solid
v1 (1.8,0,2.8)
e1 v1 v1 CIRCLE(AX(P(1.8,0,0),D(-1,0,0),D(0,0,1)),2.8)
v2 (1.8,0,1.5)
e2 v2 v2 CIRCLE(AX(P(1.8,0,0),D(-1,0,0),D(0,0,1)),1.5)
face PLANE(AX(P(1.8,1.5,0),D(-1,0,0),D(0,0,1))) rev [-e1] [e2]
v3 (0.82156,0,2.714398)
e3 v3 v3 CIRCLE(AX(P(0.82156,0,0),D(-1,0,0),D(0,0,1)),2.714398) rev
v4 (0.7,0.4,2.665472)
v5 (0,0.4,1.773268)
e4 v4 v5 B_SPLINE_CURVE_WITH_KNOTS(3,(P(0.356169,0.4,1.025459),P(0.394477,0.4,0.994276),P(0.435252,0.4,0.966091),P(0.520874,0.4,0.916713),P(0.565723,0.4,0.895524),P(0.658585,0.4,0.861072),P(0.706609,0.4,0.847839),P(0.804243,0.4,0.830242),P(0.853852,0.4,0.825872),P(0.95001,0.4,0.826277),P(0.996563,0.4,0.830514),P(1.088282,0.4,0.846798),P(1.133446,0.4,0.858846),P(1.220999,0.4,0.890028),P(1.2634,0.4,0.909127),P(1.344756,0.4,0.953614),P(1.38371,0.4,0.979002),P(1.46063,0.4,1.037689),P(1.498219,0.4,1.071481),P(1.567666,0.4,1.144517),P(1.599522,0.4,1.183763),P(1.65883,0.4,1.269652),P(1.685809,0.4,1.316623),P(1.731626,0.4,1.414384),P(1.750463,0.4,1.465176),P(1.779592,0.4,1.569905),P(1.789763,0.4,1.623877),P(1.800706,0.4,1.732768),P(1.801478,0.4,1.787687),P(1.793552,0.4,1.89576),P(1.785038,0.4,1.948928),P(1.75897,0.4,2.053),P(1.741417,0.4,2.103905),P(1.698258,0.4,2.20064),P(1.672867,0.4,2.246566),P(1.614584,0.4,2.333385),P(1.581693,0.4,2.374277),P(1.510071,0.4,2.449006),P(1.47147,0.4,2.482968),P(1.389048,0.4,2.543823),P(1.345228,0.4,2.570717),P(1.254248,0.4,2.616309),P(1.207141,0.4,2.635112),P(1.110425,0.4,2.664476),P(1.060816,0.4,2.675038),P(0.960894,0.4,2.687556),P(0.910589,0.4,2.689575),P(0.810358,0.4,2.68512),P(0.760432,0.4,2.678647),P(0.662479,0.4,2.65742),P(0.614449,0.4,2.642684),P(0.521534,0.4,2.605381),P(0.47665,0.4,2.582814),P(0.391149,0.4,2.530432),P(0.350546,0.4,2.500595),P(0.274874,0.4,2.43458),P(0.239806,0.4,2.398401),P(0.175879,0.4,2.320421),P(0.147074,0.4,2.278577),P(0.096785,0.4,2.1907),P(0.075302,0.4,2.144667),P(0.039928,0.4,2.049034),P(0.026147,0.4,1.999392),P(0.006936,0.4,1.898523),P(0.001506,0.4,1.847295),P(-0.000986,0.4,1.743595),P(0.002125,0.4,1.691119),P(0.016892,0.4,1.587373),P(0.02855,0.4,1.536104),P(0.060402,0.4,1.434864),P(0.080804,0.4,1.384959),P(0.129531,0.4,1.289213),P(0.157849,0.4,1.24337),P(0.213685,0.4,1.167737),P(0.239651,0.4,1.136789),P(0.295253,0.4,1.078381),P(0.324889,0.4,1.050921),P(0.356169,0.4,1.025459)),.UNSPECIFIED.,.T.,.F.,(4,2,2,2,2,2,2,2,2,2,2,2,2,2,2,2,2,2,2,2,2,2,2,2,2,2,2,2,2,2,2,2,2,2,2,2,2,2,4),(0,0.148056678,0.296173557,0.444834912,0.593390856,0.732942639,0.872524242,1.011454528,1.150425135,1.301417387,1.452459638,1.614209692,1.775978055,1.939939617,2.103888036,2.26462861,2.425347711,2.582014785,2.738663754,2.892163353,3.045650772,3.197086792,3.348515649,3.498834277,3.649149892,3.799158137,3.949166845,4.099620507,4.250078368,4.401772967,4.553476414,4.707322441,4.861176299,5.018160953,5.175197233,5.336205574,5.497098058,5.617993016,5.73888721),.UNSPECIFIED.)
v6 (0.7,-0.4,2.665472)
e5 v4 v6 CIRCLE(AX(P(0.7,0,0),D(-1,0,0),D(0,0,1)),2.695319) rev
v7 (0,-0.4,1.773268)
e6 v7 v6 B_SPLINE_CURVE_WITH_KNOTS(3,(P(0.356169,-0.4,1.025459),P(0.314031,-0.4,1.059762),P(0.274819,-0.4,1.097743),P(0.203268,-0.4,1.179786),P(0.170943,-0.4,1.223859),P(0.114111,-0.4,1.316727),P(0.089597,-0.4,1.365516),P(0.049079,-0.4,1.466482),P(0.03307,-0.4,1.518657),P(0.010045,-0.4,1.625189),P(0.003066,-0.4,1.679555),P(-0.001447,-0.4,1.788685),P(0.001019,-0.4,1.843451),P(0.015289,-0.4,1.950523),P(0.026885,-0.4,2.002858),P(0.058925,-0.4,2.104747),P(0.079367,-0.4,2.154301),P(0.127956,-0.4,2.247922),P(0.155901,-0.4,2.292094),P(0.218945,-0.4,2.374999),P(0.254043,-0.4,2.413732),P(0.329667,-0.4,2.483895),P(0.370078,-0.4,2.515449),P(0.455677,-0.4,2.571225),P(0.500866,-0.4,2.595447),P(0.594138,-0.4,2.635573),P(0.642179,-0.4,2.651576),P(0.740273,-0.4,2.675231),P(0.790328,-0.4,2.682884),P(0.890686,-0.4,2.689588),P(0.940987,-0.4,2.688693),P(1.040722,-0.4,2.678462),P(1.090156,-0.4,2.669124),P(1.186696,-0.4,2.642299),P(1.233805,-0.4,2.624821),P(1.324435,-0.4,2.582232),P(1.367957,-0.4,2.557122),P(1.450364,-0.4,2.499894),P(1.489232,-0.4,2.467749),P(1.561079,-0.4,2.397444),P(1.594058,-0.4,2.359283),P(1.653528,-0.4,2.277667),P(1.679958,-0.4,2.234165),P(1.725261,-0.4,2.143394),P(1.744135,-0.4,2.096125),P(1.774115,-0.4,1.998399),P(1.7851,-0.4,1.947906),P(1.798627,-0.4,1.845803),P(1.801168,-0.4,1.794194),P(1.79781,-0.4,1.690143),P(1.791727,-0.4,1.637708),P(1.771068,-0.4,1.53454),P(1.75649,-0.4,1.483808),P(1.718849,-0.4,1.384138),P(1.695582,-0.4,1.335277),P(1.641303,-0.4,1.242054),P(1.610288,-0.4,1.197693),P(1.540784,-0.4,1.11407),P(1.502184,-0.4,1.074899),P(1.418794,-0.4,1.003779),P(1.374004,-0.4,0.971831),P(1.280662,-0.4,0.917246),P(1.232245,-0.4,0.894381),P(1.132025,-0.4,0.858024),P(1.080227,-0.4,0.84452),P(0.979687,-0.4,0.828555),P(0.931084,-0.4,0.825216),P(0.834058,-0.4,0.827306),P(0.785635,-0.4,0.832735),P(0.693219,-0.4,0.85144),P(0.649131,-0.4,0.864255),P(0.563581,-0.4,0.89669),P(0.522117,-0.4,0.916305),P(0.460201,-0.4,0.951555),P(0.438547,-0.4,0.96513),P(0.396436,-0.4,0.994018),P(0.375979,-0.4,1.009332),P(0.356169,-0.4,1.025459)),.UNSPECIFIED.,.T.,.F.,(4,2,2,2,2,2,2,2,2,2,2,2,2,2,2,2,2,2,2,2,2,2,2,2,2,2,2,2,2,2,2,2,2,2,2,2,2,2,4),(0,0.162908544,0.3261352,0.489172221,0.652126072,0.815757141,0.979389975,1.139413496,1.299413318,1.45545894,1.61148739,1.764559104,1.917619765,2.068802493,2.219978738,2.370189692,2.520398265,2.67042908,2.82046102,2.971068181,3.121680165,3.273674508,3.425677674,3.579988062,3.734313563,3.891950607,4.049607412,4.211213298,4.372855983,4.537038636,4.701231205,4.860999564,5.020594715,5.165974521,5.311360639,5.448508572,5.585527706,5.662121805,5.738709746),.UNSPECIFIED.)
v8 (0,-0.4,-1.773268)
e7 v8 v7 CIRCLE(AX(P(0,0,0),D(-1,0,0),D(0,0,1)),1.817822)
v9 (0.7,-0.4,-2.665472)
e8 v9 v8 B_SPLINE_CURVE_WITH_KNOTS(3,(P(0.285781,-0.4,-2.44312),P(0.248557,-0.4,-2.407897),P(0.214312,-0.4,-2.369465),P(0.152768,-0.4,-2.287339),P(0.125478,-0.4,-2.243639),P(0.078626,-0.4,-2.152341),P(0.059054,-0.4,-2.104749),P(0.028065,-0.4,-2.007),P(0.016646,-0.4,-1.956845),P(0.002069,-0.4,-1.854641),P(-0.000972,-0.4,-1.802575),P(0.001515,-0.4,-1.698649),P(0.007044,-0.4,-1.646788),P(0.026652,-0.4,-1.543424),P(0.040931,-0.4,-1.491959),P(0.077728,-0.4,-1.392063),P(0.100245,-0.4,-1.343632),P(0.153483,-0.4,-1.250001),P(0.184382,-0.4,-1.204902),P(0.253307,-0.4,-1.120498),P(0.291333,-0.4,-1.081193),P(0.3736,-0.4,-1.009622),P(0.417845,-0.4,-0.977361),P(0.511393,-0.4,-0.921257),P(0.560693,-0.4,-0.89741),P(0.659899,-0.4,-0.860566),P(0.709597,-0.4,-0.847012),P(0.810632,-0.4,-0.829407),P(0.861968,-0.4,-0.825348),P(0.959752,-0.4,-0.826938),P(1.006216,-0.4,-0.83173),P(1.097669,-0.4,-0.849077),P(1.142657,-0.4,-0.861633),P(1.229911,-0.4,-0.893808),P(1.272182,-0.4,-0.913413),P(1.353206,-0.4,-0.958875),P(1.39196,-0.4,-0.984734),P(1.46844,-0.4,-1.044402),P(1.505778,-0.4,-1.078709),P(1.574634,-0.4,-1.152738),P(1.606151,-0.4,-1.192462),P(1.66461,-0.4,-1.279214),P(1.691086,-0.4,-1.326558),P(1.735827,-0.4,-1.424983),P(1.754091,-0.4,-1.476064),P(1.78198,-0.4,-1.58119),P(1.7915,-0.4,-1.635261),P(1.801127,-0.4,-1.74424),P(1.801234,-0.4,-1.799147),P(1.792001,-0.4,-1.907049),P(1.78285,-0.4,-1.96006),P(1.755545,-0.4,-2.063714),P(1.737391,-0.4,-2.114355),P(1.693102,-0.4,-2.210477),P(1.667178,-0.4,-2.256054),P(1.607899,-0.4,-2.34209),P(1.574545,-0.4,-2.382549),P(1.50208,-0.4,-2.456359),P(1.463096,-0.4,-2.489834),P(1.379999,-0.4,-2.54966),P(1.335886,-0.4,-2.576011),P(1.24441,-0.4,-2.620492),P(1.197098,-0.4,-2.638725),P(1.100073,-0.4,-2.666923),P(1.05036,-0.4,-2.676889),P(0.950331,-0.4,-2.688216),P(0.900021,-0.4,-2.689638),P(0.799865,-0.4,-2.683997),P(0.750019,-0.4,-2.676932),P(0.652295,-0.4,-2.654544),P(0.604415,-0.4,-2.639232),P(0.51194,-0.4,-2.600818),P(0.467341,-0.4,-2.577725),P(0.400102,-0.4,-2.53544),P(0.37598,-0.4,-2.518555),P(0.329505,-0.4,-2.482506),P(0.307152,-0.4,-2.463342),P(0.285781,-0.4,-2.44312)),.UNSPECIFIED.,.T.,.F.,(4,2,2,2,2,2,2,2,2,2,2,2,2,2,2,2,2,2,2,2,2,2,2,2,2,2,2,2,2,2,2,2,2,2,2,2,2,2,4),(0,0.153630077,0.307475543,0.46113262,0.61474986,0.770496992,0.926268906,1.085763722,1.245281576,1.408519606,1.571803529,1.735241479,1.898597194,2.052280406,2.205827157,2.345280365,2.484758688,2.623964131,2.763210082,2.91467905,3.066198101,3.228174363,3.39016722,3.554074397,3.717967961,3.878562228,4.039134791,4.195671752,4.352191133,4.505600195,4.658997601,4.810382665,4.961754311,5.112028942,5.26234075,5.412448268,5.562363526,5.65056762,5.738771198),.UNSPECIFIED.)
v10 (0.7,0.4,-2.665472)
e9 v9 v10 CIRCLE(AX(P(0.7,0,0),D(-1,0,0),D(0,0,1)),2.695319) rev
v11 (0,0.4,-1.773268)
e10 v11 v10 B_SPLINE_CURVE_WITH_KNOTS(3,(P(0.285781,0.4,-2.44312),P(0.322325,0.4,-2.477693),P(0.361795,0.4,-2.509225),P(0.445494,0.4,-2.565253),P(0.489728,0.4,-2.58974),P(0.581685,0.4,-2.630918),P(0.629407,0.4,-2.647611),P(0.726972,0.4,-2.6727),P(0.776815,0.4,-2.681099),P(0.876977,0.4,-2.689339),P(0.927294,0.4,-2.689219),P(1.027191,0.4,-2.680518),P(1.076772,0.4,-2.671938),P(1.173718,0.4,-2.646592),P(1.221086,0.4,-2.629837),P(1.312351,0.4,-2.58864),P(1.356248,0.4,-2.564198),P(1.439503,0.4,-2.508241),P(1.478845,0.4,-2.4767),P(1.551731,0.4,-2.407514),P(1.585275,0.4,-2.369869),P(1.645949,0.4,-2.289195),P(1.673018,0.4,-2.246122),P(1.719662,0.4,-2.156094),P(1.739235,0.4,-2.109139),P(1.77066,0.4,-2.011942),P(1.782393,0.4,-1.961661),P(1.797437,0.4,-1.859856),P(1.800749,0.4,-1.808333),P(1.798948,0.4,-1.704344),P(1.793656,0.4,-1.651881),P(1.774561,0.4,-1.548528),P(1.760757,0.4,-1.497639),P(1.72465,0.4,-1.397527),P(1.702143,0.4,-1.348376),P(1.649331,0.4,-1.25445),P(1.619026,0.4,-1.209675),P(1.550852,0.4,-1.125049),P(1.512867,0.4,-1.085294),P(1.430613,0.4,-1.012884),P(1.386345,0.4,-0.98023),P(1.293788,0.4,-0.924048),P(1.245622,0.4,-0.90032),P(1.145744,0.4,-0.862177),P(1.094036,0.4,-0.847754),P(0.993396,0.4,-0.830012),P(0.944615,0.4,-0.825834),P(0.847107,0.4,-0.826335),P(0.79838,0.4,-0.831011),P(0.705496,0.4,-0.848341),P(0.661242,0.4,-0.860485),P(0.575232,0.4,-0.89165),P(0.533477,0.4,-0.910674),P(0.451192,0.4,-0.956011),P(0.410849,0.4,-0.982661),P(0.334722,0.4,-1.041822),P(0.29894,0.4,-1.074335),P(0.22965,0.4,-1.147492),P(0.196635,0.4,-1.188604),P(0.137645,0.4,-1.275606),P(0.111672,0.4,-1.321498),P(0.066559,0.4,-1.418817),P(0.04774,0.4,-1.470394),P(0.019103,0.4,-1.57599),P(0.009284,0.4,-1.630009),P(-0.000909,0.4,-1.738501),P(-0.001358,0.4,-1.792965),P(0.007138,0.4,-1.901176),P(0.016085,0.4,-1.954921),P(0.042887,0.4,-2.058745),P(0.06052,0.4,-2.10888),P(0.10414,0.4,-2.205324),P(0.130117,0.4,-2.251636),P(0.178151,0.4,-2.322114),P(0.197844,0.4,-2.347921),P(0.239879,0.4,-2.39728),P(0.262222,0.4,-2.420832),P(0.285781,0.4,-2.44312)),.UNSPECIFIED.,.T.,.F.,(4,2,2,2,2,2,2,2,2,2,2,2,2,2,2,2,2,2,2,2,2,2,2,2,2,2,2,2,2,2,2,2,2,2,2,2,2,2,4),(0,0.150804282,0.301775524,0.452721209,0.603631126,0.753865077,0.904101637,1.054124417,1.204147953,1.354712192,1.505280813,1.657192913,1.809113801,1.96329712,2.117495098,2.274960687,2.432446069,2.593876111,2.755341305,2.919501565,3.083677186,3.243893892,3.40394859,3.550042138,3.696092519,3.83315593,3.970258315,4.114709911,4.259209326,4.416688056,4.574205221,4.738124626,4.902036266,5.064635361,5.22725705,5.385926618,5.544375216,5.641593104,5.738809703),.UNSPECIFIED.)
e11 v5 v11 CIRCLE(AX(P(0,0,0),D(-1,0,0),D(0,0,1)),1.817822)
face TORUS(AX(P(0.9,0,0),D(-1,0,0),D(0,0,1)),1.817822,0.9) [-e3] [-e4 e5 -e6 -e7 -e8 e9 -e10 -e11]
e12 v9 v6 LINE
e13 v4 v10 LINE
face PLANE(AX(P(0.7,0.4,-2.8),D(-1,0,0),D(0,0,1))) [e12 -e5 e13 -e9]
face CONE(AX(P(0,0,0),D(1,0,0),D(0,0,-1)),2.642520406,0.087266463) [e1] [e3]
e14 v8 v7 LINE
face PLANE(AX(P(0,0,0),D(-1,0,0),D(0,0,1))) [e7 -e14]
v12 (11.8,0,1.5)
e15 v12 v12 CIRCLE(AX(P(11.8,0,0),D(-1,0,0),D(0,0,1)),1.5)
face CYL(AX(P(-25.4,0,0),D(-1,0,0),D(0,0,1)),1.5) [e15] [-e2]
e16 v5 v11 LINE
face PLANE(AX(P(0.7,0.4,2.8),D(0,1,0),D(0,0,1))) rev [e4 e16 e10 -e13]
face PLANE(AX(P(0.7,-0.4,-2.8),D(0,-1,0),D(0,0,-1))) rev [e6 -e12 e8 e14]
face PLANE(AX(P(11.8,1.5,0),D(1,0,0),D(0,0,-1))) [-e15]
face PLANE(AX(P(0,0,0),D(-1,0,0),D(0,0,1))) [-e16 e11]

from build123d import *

# Parameters (mm, degrees)
FILLET2_R  = 0.9
SKETCH2_W  = 5.6
SKETCH2_H  = 0.8
SLOT_DEPTH = 0.7


with BuildPart() as part:
    # BodySke → Base-Revolve (revolve)
    with BuildSketch(Plane.XY, mode=Mode.PRIVATE) as base_revolve_sk:
        Polygon((1.8, 1.5), (1.8, 2.8), (0, 2.642520406), (0, 0), (11.8, 0), (11.8, 1.5), align=None)
    revolve(base_revolve_sk.sketch.rotate(Axis((-25.4, 0, 0), (1, 0, 0)), 90), axis=Axis((-25.4, 0, 0), (1, 0, 0)))  # turned: the seam where the file's is

    # Fillet2
    fillet2_edges = [part.edges().sort_by_distance(p)[0] for p in [
        (0, 0, -2.642520406),
    ]]
    fillet(fillet2_edges, radius=FILLET2_R)

    # Sketch2 → Slot (cut)
    with BuildSketch(Plane(origin=(0, 0, 0), x_dir=(0, 0, -1), z_dir=(1, 0, 0))):
        Rectangle(SKETCH2_W, SKETCH2_H)
    extrude(amount=SLOT_DEPTH, mode=Mode.SUBTRACT)


solid = part.part
